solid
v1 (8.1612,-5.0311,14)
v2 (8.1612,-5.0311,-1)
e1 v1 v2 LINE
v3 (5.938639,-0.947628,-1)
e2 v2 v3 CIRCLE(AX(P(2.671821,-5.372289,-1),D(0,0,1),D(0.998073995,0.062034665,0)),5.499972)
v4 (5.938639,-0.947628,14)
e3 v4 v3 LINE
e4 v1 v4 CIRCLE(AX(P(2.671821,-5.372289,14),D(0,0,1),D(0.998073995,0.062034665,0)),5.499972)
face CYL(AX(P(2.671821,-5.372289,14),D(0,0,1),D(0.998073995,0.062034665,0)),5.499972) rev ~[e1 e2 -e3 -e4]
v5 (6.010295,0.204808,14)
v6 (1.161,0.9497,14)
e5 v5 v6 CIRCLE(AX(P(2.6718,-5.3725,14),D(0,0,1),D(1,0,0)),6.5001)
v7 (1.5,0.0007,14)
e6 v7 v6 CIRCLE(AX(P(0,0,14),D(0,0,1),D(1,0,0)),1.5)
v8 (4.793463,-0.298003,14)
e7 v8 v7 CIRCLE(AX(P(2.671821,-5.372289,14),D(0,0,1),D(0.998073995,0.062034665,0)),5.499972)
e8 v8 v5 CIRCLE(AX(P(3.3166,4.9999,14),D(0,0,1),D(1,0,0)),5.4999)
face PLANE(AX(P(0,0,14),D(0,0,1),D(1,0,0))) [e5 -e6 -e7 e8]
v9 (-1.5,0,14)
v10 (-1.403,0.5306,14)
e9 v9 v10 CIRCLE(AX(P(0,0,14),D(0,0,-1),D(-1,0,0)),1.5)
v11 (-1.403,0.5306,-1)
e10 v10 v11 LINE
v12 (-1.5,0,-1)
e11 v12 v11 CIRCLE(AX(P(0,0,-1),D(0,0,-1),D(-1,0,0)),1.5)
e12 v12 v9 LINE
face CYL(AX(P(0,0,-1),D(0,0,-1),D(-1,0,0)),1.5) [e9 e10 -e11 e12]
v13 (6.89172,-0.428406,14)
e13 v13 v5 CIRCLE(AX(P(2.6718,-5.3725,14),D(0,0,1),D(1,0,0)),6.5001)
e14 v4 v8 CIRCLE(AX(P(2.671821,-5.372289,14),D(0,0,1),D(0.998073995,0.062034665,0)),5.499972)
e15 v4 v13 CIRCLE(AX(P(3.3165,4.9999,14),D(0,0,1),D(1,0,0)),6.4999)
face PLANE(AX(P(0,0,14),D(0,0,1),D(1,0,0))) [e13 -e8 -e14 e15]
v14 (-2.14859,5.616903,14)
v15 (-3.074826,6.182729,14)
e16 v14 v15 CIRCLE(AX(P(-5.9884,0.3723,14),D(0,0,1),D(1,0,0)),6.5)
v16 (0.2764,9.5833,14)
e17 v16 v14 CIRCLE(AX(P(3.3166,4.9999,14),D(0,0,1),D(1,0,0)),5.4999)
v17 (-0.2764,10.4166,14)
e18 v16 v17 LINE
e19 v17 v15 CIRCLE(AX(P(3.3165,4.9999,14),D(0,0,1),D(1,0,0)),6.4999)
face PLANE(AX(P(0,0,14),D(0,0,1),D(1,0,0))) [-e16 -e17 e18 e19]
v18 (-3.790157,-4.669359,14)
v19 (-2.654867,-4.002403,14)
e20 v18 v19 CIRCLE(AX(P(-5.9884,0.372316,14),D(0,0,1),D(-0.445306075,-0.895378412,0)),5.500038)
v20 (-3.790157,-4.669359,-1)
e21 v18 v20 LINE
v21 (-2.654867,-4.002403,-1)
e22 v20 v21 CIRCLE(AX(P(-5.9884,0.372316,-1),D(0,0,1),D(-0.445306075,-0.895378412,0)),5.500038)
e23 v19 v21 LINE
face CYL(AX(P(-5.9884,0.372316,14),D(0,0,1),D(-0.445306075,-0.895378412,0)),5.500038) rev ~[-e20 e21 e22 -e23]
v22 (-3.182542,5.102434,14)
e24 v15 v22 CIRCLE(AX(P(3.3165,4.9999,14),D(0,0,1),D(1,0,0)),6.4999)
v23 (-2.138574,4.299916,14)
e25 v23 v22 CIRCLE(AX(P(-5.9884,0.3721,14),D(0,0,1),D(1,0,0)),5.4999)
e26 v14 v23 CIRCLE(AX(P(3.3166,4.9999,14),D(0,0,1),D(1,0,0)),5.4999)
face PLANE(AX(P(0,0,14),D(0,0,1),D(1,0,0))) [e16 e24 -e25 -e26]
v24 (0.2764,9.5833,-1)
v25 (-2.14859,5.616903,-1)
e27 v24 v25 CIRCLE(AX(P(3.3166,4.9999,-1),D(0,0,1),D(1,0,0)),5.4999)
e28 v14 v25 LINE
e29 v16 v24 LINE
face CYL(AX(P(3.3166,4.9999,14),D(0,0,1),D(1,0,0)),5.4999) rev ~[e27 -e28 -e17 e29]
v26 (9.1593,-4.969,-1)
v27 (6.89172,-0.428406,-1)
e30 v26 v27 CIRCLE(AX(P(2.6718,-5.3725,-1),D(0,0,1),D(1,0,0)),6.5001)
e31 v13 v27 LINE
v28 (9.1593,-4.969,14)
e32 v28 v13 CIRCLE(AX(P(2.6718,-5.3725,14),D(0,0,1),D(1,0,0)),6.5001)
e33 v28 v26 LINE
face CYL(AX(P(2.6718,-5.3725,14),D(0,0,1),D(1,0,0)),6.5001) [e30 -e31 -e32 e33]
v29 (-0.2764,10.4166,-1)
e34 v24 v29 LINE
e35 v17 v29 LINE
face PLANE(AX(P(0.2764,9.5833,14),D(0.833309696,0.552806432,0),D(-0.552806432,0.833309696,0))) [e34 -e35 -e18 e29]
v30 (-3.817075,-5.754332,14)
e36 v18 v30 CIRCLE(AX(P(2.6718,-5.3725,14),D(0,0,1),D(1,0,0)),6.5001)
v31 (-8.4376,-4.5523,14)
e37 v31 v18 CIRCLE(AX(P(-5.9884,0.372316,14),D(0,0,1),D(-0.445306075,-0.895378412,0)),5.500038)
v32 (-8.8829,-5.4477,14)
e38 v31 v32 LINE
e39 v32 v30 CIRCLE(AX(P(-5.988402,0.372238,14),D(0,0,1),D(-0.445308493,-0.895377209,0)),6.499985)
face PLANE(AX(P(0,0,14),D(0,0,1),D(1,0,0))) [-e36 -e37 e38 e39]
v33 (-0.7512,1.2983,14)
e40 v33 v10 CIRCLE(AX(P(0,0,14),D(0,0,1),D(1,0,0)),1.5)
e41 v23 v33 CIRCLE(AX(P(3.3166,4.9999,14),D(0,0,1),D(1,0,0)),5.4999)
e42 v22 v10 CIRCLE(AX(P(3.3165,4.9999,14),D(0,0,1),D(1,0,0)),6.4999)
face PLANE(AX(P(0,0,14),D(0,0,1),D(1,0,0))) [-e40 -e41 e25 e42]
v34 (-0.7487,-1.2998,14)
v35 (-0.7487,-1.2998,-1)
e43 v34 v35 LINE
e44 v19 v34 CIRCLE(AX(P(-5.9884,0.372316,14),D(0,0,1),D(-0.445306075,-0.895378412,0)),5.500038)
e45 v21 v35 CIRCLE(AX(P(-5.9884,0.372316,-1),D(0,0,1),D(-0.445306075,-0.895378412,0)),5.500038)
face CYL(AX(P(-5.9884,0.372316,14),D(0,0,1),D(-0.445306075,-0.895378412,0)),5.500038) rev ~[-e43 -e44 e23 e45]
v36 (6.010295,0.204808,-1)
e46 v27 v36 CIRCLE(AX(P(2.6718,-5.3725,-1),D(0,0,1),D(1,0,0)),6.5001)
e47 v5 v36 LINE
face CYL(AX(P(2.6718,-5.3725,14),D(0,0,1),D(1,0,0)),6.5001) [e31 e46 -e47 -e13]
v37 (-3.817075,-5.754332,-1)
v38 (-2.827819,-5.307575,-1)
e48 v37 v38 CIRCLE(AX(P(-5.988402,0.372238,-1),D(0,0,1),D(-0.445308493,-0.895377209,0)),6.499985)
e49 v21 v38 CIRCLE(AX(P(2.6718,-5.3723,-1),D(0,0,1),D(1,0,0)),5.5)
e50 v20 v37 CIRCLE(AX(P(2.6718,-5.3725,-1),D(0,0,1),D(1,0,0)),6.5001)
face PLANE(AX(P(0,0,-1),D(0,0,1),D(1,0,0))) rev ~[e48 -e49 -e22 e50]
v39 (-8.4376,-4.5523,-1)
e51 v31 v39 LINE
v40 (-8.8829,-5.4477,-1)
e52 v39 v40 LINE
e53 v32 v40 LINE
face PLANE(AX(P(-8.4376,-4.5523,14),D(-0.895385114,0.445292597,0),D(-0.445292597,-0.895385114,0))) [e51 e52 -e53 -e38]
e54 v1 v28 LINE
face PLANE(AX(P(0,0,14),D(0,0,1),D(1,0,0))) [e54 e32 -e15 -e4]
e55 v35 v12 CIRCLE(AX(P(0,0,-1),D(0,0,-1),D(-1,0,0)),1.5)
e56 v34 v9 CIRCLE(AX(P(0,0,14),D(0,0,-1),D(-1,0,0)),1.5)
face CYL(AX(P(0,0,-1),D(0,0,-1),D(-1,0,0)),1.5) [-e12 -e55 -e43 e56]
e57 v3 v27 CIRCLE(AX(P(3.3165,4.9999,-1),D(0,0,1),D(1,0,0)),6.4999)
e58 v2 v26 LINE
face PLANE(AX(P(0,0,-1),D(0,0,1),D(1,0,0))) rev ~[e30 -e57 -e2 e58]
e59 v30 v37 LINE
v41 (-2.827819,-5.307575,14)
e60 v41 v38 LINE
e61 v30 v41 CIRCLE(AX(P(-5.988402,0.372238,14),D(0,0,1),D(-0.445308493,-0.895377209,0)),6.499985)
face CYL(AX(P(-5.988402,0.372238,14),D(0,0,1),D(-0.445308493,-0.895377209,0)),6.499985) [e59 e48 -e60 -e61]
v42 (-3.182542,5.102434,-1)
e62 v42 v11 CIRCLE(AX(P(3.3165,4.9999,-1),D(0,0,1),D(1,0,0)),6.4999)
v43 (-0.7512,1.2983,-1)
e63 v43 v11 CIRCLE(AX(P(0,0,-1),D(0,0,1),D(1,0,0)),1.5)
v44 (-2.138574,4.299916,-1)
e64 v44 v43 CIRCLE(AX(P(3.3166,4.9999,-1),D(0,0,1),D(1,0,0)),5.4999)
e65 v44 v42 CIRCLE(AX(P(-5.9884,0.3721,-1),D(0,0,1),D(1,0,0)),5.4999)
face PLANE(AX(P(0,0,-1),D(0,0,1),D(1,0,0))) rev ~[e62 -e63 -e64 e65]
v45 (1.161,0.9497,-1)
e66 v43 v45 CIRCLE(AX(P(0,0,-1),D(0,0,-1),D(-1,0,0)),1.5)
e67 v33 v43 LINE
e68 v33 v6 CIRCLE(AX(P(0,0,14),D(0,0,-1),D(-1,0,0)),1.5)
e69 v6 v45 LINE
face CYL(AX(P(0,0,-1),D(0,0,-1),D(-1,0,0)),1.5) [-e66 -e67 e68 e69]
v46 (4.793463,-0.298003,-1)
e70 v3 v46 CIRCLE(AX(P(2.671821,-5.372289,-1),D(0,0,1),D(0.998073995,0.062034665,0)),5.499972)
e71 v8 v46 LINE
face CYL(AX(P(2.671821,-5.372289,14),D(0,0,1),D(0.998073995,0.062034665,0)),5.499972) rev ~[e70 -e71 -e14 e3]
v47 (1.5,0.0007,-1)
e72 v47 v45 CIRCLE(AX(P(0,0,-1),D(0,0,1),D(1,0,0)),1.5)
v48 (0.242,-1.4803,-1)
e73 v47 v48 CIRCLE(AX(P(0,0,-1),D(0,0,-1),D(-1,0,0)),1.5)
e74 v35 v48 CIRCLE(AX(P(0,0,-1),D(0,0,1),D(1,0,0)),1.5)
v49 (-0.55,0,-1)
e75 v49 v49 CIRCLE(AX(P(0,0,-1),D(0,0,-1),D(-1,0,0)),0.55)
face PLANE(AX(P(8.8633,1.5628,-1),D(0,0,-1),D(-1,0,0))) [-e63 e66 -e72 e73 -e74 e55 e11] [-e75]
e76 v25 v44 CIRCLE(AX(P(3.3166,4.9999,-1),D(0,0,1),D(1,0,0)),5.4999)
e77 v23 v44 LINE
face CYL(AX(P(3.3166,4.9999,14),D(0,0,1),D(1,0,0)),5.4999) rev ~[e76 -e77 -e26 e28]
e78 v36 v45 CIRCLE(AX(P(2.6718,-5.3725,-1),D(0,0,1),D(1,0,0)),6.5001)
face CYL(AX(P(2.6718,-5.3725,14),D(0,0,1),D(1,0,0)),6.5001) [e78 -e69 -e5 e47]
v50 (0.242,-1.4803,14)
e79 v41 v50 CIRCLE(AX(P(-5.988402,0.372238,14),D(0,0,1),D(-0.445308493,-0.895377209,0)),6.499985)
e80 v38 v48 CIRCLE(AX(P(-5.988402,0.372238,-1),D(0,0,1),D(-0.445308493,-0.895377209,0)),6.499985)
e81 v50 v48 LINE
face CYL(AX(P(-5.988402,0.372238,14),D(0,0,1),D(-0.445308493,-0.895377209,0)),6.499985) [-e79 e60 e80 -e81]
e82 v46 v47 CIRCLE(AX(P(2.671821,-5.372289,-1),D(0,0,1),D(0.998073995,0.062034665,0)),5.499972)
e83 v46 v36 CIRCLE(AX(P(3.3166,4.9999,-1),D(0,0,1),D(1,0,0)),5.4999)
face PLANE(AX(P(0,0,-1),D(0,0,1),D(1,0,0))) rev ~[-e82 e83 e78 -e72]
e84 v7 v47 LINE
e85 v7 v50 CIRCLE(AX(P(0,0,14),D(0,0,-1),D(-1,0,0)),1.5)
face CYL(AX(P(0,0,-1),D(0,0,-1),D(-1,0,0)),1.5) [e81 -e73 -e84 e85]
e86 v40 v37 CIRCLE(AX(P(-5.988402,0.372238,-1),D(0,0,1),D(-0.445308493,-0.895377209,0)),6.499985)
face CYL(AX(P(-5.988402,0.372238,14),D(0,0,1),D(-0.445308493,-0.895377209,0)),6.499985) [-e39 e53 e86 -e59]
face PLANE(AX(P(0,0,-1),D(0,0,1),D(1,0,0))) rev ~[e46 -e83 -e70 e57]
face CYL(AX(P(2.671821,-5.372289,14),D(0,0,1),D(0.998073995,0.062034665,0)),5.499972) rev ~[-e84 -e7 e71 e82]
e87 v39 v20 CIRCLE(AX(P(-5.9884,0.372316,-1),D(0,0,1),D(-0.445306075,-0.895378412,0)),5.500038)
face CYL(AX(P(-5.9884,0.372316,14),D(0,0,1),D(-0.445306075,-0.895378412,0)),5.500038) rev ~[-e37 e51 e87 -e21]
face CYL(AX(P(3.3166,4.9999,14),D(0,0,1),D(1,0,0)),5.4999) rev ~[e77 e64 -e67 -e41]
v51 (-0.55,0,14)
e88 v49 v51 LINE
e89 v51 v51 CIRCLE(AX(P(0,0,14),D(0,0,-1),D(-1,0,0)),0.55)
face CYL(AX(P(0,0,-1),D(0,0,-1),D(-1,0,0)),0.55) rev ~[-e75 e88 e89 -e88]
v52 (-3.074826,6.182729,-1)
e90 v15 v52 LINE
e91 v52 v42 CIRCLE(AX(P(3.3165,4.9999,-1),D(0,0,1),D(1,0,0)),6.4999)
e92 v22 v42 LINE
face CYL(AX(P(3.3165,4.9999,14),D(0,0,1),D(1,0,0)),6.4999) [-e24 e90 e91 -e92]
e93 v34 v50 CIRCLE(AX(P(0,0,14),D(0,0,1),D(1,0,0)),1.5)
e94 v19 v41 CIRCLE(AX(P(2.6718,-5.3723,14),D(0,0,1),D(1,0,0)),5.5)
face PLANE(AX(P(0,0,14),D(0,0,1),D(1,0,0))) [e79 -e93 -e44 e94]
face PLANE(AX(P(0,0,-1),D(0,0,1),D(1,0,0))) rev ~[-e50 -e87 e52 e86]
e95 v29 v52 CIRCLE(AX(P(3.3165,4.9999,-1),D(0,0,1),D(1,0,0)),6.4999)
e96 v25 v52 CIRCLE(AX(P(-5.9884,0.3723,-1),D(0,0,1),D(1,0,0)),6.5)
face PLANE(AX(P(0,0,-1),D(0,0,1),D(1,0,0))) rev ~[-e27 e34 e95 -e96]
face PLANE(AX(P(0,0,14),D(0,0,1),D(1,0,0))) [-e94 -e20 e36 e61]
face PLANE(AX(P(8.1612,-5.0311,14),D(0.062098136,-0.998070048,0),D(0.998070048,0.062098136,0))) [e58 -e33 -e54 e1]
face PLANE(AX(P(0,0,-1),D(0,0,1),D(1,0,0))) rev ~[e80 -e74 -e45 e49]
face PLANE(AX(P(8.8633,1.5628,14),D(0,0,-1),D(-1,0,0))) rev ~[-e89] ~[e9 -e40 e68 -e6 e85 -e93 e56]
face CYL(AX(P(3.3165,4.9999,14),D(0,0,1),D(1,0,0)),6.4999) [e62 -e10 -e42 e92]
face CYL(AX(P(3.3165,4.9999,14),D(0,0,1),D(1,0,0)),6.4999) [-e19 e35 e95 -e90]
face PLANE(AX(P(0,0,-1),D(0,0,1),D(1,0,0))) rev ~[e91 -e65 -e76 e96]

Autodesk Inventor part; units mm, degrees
ref_plane "YZ Plane" through (0, 0, 0) normal (1, 0, 0) x (0, 1, 0)
ref_plane "XZ Plane" through (0, 0, 0) normal (0, 1, 0) x (-1, 0, 0)
ref_plane "XY Plane" through (0, 0, 0) normal (0, 0, 1) x (1, 0, 0)
ref_plane "Work Plane1" through (8.8633, 1.5628, -1) normal (0, 0, -1) x (-1, 0, 0)
sketch "Sketch1" plane through (8.8633, 1.5628, -1) normal (0, 0, -1) x (-1, 0, 0)
  circle A0 centre (8.8633, -1.5628) radius 1.5 projected
  circle A1 centre (8.8633, -1.5628) radius 0.55 projected
  point P0 (8.8633, -1.5628)
extrude "Extrusion1" add sketch "Sketch1" against normal blind 15
sketch "Sketch2" plane through (0, 0, 14) normal (0, 0, 1) x (1, 0, 0)
  circle A0 centre (0, 0) radius 1.5 projected
  line L0 (0.2764, 9.5833) -> (-0.2764, 10.4166)
  line L1 (8.1612, -5.0311) -> (9.1593, -4.969) projected
  line L2 (-8.4376, -4.5523) -> (-8.8829, -5.4477) projected
  arc A1 (8.1612, -5.0311) -> (1.5, 0.0014) centre (2.6718, -5.3723) ccw
  arc A2 (-8.4376, -4.5523) -> (-0.7487, -1.2998) centre (-5.9884, 0.3723) ccw
  arc A3 (-8.8829, -5.4477) -> (0.242, -1.4803) centre (-5.9884, 0.3723) ccw
  line L3 (-8.8829, -5.4477) -> (-8.4376, -4.5523)
  line L4 (8.1612, -5.0311) -> (9.1593, -4.969)
  circle A4 centre (3.3166, 4.9999) radius 5.4999 projected
  circle A5 centre (3.3165, 4.9999) radius 6.4999 projected
  circle A6 centre (2.6718, -5.3723) radius 5.5 projected
  circle A7 centre (2.6718, -5.3725) radius 6.5001 projected
  circle A8 centre (-5.9884, 0.3723) radius 6.5 projected
  circle A9 centre (-5.9884, 0.3721) radius 5.4999 projected
  arc A10 (-0.2764, 10.4166) -> (-1.403, 0.5306) centre (3.3167, 5) ccw
  arc A11 (0.2764, 9.5833) -> (-0.7512, 1.2983) centre (3.3167, 5) ccw
  arc A12 (9.1593, -4.969) -> (1.161, 0.9497) centre (2.6718, -5.3723) ccw
  point P0 (0, 0)
  point P1 (-2.459, 2.3282)
extrude "Extrusion2" add sketch "Sketch2" against normal blind 15 contours A0 A7 A4 A1 | A4 A7 A5 A1 | A5 A7 L1 A1 | A8 A5 L0 A4 | A4 A9 A5 A8 | A3 A6 A2 A0 | A0 A5 A9 A4 | A3 A7 A2 A6 | L2 A2 A7 A3
sketch "Sketch4" plane through (8.8633, 1.5628, 14) normal (0, 0, 1) x (1, 0, 0)
  point P0 (-8.8633, -1.5628)
properties part number "pump_impeller"
